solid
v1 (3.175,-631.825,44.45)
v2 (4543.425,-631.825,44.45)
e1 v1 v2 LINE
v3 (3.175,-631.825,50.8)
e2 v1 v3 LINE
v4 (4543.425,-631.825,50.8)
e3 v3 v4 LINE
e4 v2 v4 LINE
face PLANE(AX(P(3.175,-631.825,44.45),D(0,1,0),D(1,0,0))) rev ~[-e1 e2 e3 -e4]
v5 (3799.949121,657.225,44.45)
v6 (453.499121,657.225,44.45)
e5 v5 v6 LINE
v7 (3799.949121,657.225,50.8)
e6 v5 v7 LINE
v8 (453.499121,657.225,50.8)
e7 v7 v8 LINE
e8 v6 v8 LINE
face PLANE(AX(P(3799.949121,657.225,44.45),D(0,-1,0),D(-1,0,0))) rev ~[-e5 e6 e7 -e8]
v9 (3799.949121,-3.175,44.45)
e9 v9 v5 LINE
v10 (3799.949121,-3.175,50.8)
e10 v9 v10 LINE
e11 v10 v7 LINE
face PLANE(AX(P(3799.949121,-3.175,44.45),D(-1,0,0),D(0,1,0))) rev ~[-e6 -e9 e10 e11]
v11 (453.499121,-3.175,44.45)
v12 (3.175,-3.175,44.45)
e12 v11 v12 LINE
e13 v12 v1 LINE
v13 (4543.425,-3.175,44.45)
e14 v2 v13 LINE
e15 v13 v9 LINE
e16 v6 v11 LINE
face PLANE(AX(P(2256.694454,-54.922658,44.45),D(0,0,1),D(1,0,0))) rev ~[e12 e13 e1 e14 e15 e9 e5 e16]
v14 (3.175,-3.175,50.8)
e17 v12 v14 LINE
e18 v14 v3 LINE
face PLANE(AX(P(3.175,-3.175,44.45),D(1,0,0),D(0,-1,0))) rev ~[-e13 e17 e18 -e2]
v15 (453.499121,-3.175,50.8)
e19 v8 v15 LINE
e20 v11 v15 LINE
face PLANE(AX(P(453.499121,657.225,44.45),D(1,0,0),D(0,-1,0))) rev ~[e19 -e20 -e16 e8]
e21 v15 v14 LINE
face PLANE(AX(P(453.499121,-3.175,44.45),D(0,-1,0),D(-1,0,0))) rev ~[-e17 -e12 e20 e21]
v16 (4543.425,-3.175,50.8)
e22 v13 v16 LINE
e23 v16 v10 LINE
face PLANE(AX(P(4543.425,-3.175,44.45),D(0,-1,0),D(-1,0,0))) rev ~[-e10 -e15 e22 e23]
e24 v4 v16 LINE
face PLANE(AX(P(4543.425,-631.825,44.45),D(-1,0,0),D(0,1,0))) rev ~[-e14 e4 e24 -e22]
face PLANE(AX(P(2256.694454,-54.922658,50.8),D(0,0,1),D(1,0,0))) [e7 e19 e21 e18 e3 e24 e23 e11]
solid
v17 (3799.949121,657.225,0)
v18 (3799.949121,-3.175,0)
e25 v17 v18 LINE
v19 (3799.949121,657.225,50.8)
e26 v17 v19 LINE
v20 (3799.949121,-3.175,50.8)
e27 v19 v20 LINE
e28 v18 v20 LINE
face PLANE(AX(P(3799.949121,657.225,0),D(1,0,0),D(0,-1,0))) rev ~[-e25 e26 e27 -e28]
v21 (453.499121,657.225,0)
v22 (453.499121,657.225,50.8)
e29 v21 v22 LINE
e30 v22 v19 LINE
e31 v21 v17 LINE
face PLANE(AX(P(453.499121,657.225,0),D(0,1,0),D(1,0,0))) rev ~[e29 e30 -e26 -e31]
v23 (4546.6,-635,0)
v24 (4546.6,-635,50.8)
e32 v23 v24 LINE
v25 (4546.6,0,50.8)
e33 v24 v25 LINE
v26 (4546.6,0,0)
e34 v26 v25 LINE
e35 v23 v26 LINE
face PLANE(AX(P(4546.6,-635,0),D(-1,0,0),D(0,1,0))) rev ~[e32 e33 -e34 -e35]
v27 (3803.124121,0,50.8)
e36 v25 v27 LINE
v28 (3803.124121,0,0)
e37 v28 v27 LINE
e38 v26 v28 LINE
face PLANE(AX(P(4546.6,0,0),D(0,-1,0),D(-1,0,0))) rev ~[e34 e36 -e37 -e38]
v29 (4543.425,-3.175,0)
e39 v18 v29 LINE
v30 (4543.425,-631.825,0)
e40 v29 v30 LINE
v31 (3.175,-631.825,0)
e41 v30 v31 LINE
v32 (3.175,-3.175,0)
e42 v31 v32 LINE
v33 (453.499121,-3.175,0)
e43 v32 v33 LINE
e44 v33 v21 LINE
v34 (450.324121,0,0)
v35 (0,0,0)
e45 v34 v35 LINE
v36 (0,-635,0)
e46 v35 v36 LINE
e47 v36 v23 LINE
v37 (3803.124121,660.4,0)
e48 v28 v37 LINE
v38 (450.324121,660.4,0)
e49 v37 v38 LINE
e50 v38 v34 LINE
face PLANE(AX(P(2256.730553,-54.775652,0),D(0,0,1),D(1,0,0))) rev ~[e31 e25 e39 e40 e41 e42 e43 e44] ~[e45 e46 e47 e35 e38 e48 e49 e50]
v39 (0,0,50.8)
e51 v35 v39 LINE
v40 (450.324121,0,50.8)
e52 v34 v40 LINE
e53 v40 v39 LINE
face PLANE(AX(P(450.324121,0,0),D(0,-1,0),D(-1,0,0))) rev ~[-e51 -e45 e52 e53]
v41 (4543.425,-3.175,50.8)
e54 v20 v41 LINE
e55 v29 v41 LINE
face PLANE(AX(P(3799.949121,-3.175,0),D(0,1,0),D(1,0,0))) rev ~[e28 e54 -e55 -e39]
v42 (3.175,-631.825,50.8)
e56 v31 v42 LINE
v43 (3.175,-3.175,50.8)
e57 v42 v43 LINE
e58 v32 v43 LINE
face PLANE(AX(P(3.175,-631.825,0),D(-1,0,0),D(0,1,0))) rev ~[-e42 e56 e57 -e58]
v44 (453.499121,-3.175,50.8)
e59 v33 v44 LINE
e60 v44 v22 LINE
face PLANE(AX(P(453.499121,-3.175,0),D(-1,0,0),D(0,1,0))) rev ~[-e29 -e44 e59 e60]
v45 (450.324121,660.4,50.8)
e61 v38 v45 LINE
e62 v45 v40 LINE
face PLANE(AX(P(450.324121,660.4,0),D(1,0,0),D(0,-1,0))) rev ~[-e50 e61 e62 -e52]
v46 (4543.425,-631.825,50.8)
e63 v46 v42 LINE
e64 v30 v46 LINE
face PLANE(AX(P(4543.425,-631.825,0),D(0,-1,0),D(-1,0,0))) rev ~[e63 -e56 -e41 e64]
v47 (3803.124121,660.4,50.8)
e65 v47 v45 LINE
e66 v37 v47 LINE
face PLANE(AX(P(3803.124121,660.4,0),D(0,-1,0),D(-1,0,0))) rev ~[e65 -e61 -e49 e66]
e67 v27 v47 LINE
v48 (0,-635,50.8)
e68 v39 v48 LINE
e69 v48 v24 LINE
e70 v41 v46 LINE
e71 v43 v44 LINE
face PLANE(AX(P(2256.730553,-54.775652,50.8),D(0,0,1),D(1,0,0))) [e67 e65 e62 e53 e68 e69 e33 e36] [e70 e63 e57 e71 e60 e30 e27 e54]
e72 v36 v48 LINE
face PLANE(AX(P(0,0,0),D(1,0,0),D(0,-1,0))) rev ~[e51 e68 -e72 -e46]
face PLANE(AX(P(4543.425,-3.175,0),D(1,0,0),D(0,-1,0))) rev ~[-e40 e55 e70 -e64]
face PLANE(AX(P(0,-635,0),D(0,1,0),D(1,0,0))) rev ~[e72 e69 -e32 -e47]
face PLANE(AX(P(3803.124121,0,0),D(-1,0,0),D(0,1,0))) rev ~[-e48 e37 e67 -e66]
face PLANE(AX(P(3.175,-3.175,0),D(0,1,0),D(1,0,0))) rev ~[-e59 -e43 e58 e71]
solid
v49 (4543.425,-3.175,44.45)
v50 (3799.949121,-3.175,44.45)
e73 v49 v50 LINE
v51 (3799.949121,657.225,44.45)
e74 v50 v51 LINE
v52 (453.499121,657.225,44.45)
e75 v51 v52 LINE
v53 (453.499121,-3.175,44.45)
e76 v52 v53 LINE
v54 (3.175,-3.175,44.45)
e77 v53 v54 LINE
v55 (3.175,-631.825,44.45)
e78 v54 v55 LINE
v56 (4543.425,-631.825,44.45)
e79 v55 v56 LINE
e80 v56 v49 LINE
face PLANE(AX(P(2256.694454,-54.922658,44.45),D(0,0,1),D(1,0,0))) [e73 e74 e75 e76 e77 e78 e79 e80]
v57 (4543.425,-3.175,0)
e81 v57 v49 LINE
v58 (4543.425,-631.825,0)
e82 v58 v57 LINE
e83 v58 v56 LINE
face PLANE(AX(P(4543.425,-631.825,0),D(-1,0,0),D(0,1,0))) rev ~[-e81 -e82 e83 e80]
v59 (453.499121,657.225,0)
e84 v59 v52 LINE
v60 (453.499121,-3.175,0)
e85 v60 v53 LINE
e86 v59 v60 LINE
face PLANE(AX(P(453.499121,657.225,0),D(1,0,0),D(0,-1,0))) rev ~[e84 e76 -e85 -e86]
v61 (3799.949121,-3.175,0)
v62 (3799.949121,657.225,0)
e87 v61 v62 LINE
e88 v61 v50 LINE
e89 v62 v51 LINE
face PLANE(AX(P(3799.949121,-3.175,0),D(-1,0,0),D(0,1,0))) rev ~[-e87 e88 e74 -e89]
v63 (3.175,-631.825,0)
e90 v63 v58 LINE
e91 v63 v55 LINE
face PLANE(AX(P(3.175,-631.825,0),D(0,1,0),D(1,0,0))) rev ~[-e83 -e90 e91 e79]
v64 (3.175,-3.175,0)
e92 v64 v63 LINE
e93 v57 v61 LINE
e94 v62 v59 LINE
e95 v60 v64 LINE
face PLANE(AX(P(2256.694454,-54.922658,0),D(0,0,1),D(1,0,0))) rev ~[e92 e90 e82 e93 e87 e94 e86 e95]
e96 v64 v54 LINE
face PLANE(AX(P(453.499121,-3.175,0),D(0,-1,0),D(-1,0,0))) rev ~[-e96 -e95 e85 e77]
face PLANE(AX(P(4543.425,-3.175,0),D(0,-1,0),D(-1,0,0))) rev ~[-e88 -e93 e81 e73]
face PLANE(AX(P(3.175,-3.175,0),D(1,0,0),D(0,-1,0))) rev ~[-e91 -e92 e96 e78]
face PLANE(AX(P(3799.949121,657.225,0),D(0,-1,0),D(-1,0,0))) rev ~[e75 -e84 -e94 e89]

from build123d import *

# Parameters (mm, degrees)
F1_DEPTH = 50.8
F2_DEPTH = 44.45
F4_DEPTH = 6.35


with BuildPart() as f1:
    # F0 (on Top) → F1 (new body)
    with BuildSketch(Plane.XY):
        Polygon((450.324121, 0), (0, 0), (0, -635), (4546.6, -635), (4546.6, 0), (3803.124121, 0), (3803.124121, 660.4), (450.324121, 660.4), align=None)
        Polygon((3.175, -3.175), (453.499121, -3.175), (453.499121, 657.225), (3799.949121, 657.225), (3799.949121, -3.175), (4543.425, -3.175), (4543.425, -631.825), (3.175, -631.825), align=None, mode=Mode.SUBTRACT)
    extrude(amount=F1_DEPTH)


with BuildPart() as f2:
    # F0 (on Top) → F2 (new body)
    with BuildSketch(Plane.XY):
        Polygon((453.499121, 657.225), (453.499121, -3.175), (3.175, -3.175), (3.175, -631.825), (4543.425, -631.825), (4543.425, -3.175), (3799.949121, -3.175), (3799.949121, 657.225), align=None)
    extrude(amount=F2_DEPTH)


with BuildPart() as f4:
    # F3 (on face) → F4 (new body)
    with BuildSketch(Plane.XY.offset(44.45)):
        Polygon((3799.949121, 657.225), (453.499121, 657.225), (453.499121, -3.175), (3.175, -3.175), (3.175, -631.825), (4543.425, -631.825), (4543.425, -3.175), (3799.949121, -3.175), align=None)
    extrude(amount=F4_DEPTH)


solid = Compound([f1.part, f2.part, f4.part])
